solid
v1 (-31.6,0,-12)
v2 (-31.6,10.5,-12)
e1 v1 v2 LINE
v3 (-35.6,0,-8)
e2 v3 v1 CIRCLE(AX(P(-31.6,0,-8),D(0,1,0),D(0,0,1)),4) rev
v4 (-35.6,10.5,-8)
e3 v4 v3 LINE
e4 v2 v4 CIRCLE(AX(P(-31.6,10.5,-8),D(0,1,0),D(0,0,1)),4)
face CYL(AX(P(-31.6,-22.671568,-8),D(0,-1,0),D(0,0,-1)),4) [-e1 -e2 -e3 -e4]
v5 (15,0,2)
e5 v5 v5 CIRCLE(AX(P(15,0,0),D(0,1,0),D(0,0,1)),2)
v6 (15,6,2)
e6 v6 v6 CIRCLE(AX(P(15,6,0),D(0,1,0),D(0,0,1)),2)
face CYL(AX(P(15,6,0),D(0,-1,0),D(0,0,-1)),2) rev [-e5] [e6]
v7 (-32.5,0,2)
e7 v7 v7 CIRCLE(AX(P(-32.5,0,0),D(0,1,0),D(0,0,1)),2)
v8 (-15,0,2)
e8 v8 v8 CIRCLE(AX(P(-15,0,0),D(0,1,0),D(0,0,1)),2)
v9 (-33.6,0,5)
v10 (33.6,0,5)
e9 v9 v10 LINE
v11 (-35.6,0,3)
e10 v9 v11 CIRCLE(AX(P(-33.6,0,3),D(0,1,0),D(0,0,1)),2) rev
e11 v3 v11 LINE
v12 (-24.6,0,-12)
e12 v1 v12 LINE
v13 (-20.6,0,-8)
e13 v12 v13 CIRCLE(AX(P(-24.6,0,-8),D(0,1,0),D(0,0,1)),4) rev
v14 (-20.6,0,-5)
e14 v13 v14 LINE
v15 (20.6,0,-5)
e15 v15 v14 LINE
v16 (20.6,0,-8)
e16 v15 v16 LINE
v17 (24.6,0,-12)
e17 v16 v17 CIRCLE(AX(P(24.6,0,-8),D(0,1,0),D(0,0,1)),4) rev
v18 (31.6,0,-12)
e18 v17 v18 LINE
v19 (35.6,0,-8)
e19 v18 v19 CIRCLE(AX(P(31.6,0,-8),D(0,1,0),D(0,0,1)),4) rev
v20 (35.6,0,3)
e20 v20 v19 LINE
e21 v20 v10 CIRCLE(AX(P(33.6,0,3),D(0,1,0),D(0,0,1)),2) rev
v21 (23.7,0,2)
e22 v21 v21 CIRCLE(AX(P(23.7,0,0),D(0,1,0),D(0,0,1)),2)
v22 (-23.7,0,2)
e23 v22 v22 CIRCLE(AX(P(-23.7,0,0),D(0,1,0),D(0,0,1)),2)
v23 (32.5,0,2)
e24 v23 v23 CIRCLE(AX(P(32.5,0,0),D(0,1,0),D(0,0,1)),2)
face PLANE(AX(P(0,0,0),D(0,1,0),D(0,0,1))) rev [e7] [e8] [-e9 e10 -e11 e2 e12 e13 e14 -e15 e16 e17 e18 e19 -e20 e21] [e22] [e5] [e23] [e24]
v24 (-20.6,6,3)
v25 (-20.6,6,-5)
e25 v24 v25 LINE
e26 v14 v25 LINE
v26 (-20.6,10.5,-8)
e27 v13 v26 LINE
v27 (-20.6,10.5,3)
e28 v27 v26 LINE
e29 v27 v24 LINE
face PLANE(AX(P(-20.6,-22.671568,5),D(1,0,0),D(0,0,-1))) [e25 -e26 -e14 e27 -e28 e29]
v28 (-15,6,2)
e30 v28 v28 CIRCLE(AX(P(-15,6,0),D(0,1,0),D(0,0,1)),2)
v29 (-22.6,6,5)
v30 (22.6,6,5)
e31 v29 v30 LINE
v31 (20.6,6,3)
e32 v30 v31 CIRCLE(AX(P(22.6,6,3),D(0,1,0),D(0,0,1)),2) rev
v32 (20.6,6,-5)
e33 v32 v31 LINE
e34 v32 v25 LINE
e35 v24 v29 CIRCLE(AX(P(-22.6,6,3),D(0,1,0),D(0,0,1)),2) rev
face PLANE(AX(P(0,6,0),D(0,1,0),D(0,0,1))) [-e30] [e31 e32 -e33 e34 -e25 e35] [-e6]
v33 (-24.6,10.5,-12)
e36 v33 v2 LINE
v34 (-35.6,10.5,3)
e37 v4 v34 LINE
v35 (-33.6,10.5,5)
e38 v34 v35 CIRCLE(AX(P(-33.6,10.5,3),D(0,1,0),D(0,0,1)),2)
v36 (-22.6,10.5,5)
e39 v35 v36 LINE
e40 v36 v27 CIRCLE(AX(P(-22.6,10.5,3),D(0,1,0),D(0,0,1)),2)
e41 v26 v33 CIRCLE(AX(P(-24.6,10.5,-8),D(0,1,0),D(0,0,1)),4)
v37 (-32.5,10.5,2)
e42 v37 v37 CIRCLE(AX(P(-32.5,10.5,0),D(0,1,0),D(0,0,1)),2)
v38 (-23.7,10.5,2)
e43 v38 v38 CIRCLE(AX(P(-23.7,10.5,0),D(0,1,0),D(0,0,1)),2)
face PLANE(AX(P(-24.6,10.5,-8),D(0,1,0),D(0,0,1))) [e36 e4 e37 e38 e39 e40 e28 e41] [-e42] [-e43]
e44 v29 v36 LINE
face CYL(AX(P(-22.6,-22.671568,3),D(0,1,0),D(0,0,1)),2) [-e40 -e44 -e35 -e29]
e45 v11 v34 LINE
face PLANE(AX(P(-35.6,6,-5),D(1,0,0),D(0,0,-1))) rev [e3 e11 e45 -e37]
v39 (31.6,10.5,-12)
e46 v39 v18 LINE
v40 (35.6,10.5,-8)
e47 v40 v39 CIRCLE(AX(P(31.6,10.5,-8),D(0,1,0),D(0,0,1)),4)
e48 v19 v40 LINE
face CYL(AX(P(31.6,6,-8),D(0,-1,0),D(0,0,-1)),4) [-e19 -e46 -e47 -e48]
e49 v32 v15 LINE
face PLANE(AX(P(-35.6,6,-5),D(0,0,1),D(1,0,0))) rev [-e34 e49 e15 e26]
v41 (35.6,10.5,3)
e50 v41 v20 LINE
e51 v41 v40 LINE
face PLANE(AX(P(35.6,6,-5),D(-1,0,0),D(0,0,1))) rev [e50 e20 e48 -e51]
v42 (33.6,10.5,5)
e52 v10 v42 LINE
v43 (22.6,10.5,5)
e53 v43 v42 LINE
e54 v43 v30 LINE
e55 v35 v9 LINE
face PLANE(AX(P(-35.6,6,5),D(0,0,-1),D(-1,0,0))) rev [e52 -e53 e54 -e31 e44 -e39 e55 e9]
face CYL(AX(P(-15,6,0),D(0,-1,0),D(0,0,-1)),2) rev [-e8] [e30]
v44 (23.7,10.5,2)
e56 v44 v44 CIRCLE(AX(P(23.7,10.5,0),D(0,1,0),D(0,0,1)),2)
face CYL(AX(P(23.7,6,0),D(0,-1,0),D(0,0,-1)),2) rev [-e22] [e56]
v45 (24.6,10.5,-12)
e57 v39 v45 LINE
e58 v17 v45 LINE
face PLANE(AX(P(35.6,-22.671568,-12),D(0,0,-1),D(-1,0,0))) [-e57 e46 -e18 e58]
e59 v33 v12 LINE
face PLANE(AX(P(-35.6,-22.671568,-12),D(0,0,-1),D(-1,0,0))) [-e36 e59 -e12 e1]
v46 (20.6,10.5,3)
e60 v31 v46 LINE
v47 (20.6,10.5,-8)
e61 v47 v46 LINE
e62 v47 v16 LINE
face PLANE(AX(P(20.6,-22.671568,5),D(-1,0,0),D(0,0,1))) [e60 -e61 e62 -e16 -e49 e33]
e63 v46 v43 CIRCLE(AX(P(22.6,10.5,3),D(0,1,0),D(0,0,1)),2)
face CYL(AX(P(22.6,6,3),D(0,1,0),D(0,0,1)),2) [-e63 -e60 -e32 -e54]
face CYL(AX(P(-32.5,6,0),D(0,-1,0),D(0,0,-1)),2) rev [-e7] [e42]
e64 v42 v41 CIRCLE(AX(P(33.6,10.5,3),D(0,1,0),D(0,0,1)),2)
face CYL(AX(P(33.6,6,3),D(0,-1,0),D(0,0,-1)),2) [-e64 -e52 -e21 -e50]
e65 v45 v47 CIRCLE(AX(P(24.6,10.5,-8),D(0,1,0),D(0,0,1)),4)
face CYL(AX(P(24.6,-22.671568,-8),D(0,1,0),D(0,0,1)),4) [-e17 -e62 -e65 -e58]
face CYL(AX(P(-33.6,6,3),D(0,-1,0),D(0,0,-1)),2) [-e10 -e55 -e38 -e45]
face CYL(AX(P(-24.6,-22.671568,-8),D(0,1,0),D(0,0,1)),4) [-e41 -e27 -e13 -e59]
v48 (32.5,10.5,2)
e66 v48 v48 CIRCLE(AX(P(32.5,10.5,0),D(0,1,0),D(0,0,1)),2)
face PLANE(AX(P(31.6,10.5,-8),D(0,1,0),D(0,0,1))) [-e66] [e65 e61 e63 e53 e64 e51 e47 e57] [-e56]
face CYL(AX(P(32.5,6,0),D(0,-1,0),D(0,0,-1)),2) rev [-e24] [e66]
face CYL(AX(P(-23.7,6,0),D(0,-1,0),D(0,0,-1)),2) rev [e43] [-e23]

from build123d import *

# Parameters (mm, degrees)
SKETCH1_W           = 71.2
SKETCH1_H           = 10
SKETCH1_R           = 2
BOSS_EXTRUDE1_DEPTH = 6
BOSS_EXTRUDE5_START = -6
SKETCH6_W           = 15
SKETCH6_H           = 17
SKETCH6_R           = 2
BOSS_EXTRUDE5_DEPTH = 6
FILLET1_R           = 4
SKETCH7_R           = 2
BOSS_EXTRUDE6_DEPTH = 4.5
FILLET2_R           = 2


with BuildPart() as part:
    # Sketch1 → Boss-Extrude1 (new body)
    with BuildSketch(Plane(origin=(0, 0, 0), x_dir=(1, 0, 0), z_dir=(0, 1, 0))):
        Rectangle(SKETCH1_W, SKETCH1_H)
        with Locations(Location((-32.5, 0, 0), (0, 0, 270))):
            Circle(SKETCH1_R, mode=Mode.SUBTRACT)
        with Locations(Location((-23.7, 0, 0), (0, 0, 270))):
            Circle(SKETCH1_R, mode=Mode.SUBTRACT)
        with Locations(Location((23.7, 0, 0), (0, 0, 270))):
            Circle(SKETCH1_R, mode=Mode.SUBTRACT)
        with Locations(Location((32.5, 0, 0), (0, 0, 270))):
            Circle(SKETCH1_R, mode=Mode.SUBTRACT)
        with Locations(Location((-15, 0, 0), (0, 0, 270))):
            Circle(SKETCH1_R, mode=Mode.SUBTRACT)
        with Locations(Location((15, 0, 0), (0, 0, 270))):
            Circle(SKETCH1_R, mode=Mode.SUBTRACT)
    extrude(amount=BOSS_EXTRUDE1_DEPTH)

    # Sketch6 → Boss-Extrude5 (add)
    # profile 1 of 2: a face of its own
    with BuildSketch(Plane(origin=(0, 6, 0), x_dir=(1, 0, 0), z_dir=(0, 1, 0)).offset(BOSS_EXTRUDE5_START)):
        with Locations((-28.1, 3.5)):
            Rectangle(SKETCH6_W, SKETCH6_H)
        with Locations(Location((-23.7, 0, 0), (0, 0, 270))):
            Circle(SKETCH6_R, mode=Mode.SUBTRACT)
        with Locations(Location((-32.5, 0, 0), (0, 0, 270))):
            Circle(SKETCH6_R, mode=Mode.SUBTRACT)
    # profile 2 of 2: a face of its own
    with BuildSketch(Plane(origin=(0, 6, 0), x_dir=(1, 0, 0), z_dir=(0, 1, 0)).offset(BOSS_EXTRUDE5_START)):
        with Locations((28.1, 3.5)):
            Rectangle(SKETCH6_W, SKETCH6_H)
        with Locations(Location((32.5, 0, 0), (0, 0, 270))):
            Circle(SKETCH6_R, mode=Mode.SUBTRACT)
        with Locations(Location((23.7, 0, 0), (0, 0, 270))):
            Circle(SKETCH6_R, mode=Mode.SUBTRACT)
    extrude(amount=BOSS_EXTRUDE5_DEPTH)

    # Fillet1
    fillet1_edges = [part.edges().sort_by_distance(p)[0] for p in [
        (-20.6, 3, -12),
        (-35.6, 3, -12),
        (35.6, 3, -12),
        (20.6, 3, -12),
    ]]
    fillet(fillet1_edges, radius=FILLET1_R)

    # Sketch7 → Boss-Extrude6 (add)
    # profile 1 of 2: a face of its own
    with BuildSketch(Plane(origin=(0, 6, 0), x_dir=(1, 0, 0), z_dir=(0, 1, 0))):
        with BuildLine():
            Line((31.6, 12), (24.6, 12))
            ThreePointArc((24.6, 12), (21.771572875, 10.828427125), (20.6, 8))
            Line((20.6, 8), (20.6, -5))
            Line((20.6, -5), (35.6, -5))
            Line((35.6, -5), (35.6, 8))
            ThreePointArc((35.6, 8), (34.428427125, 10.828427125), (31.6, 12))
        make_face()
        with Locations(Location((32.5, 0, 0), (0, 0, 270))):
            Circle(SKETCH7_R, mode=Mode.SUBTRACT)
        with Locations(Location((23.7, 0, 0), (0, 0, 270))):
            Circle(SKETCH7_R, mode=Mode.SUBTRACT)
    # profile 2 of 2: a face of its own
    with BuildSketch(Plane(origin=(0, 6, 0), x_dir=(1, 0, 0), z_dir=(0, 1, 0))):
        with BuildLine():
            Line((-24.6, 12), (-31.6, 12))
            ThreePointArc((-31.6, 12), (-34.428427125, 10.828427125), (-35.6, 8))
            Line((-35.6, 8), (-35.6, -5))
            Line((-35.6, -5), (-20.6, -5))
            Line((-20.6, -5), (-20.6, 8))
            ThreePointArc((-20.6, 8), (-21.771572875, 10.828427125), (-24.6, 12))
        make_face()
        with Locations(Location((-23.7, 0, 0), (0, 0, 270))):
            Circle(SKETCH7_R, mode=Mode.SUBTRACT)
        with Locations(Location((-32.5, 0, 0), (0, 0, 270))):
            Circle(SKETCH7_R, mode=Mode.SUBTRACT)
    extrude(amount=BOSS_EXTRUDE6_DEPTH)

    # Fillet2
    fillet2_edges = [part.edges().sort_by_distance(p)[0] for p in [
        (20.6, 8.25, 5),
        (-20.6, 8.25, 5),
        (35.6, 5.25, 5),
        (-35.6, 5.25, 5),
    ]]
    fillet(fillet2_edges, radius=FILLET2_R)


solid = part.part
